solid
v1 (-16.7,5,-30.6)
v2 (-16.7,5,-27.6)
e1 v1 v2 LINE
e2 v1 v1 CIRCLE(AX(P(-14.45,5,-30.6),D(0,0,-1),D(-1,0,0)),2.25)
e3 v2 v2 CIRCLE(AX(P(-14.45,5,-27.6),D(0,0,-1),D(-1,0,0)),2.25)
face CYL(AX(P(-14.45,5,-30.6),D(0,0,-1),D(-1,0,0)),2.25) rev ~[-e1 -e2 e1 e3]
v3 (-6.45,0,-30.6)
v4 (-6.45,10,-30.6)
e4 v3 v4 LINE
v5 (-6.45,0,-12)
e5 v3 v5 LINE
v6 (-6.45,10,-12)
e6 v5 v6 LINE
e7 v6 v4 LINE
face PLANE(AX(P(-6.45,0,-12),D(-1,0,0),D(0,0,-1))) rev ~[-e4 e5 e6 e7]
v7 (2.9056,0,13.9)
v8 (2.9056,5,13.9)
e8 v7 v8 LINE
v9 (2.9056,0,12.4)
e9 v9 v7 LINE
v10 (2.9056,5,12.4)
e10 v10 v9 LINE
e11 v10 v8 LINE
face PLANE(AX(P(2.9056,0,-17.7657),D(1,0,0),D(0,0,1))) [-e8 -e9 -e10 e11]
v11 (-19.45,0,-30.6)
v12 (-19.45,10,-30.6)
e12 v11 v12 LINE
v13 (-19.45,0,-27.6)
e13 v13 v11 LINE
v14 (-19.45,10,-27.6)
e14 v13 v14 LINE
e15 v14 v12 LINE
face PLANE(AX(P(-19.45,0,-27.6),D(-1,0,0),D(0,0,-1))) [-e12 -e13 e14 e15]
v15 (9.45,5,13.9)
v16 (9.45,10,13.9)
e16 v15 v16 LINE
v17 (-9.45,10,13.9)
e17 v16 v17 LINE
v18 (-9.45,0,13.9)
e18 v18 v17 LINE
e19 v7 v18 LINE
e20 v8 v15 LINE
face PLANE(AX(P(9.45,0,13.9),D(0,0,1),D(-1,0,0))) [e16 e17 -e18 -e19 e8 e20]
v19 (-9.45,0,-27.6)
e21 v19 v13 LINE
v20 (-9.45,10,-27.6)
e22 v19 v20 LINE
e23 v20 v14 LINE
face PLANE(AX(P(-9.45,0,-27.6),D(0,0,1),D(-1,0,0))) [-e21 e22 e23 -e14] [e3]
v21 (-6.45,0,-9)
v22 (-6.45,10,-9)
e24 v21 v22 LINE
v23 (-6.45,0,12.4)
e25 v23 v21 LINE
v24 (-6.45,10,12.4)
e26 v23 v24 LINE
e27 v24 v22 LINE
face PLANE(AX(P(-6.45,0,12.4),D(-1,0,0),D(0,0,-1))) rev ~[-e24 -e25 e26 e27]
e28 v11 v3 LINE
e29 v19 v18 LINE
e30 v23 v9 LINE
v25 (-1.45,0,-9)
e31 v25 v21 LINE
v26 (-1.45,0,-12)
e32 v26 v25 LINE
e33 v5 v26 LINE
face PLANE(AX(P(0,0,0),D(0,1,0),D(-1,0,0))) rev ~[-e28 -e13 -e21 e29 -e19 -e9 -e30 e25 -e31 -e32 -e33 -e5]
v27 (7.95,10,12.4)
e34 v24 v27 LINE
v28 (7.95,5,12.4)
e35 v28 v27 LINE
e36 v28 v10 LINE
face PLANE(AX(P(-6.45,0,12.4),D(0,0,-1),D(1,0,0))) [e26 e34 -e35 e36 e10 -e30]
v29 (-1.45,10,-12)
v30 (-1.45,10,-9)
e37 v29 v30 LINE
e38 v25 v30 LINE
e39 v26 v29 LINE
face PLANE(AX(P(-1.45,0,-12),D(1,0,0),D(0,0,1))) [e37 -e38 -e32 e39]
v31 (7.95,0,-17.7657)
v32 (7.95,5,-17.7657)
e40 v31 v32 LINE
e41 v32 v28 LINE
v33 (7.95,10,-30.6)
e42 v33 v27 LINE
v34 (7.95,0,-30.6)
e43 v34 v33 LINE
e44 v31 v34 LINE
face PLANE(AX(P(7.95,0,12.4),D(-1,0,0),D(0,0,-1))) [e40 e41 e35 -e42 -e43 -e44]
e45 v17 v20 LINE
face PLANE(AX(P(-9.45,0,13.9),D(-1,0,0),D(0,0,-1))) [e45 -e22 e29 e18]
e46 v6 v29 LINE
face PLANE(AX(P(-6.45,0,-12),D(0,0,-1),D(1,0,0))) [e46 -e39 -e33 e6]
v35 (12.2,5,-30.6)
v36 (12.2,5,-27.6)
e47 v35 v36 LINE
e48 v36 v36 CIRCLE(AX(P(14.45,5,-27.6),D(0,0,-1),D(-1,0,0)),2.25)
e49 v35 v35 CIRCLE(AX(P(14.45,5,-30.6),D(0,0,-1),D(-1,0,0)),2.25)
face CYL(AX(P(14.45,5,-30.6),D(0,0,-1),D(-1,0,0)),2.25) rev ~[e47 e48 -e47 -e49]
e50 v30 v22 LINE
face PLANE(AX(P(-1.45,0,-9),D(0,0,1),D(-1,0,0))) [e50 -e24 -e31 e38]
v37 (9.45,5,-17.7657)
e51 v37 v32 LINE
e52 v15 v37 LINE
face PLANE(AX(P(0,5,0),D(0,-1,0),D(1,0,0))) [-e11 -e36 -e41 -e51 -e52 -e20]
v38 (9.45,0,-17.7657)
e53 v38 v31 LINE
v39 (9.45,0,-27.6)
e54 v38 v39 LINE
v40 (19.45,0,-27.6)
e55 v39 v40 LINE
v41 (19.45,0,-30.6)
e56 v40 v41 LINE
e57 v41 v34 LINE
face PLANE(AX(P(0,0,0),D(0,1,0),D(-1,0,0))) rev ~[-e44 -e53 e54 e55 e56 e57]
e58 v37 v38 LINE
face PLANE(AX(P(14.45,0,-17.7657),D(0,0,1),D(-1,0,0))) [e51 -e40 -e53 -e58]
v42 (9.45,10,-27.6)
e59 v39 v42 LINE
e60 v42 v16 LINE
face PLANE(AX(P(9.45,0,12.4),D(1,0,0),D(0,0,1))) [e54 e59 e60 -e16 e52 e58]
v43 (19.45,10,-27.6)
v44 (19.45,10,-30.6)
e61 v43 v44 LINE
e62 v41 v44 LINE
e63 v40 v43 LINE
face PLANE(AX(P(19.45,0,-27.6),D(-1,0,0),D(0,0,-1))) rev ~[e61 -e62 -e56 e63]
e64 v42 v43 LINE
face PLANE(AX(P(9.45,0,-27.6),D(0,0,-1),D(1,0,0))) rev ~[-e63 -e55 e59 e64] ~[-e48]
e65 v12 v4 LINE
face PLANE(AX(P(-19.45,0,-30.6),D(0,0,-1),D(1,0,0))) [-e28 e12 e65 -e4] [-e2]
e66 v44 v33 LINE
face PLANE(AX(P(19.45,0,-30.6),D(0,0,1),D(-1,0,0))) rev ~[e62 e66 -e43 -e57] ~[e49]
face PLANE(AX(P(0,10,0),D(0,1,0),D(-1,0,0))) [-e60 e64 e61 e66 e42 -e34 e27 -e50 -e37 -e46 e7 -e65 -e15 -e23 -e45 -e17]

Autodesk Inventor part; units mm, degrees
ref_plane "YZ Plane" through (0, 0, 0) normal (1, 0, 0) x (0, 1, 0)
ref_plane "XZ Plane" through (0, 0, 0) normal (0, 1, 0) x (-1, 0, 0)
ref_plane "XY Plane" through (0, 0, 0) normal (0, 0, 1) x (1, 0, 0)
sketch "Sketch1" plane through (0, 0, 0) normal (0, 1, 0) x (-1, 0, 0)
  line L0 (-9.45, 13.9) -> (9.45, 13.9)
  line L1 (9.45, 13.9) -> (9.45, 12.4)
  line L2 (9.45, 12.4) -> (-9.45, 12.4)
  line L3 (-9.45, 12.4) -> (-9.45, 13.9)
  line L4 (9.45, 12.4) -> (6.45, 12.4)
  line L5 (6.45, 12.4) -> (6.45, -9)
  line L6 (6.45, -9) -> (9.45, -9)
  line L7 (9.45, -9) -> (9.45, 12.4)
  line L8 (-9.45, 12.4) -> (-7.95, 12.4)
  line L9 (-7.95, 12.4) -> (-7.95, -9)
  line L10 (-7.95, -9) -> (-9.45, -9)
  line L11 (-9.45, -9) -> (-9.45, 12.4)
  line L12 (-7.95, -7.6) -> (-9.45, -7.6)
  line L13 (-9.45, -7.6) -> (-9.45, -10.6)
  line L14 (-9.45, -10.6) -> (-7.95, -10.6)
  line L15 (-7.95, -10.6) -> (-7.95, -7.6)
  line L16 (1.45, -9) -> (9.45, -9)
  line L17 (9.45, -9) -> (9.45, -12)
  line L18 (9.45, -12) -> (1.45, -12)
  line L19 (1.45, -12) -> (1.45, -9)
  line L20 (-9.45, -10.6) -> (-7.95, -10.6)
  line L21 (-7.95, -10.6) -> (-7.95, -27.6)
  line L22 (-7.95, -27.6) -> (-9.45, -27.6)
  line L23 (-9.45, -27.6) -> (-9.45, -10.6)
  line L24 (9.45, -12) -> (6.45, -12)
  line L25 (6.45, -12) -> (6.45, -27.6)
  line L26 (6.45, -27.6) -> (9.45, -27.6)
  line L27 (9.45, -27.6) -> (9.45, -12)
  line L28 (-7.95, -27.6) -> (-19.45, -27.6)
  line L29 (-19.45, -27.6) -> (-19.45, -30.6)
  line L30 (-19.45, -30.6) -> (-7.95, -30.6)
  line L31 (-7.95, -30.6) -> (-7.95, -27.6)
  line L32 (6.45, -27.6) -> (19.45, -27.6)
  line L33 (19.45, -27.6) -> (19.45, -30.6)
  line L34 (19.45, -30.6) -> (6.45, -30.6)
  line L35 (6.45, -30.6) -> (6.45, -27.6)
  line L36 (-14.45, -26) -> (-14.45, -42) construction
  line L37 (14.45, -27) -> (14.45, -42) construction
  point P0 (0, 0)
  point P1 (0, 12.4)
  dimension "d0" = 1.5
  dimension "d1" = 3
  dimension "d2" = 1.5
  dimension "d3" = 3
  dimension "d4" = 3
  dimension "d5" = 0
  dimension "d6" = 5
  dimension "d7" = 14.4
  dimension "d8" = 21.4
  dimension "d9" = 20
  dimension "d12" = 0
  dimension "d13" = 0
  dimension "d20" = 17
  dimension "d21" = 10
  dimension "d22" = 1.5
  dimension "d23" = 3
  dimension "d24" = 10
  dimension "d25" = 3
  dimension "d26" = 3
  dimension "d33" = 5
  dimension "d34" = 5
  dimension "d35" = 28.9
extrude "Extrusion1" add sketch "Sketch1" along normal blind 10
sketch "Sketch6" plane through (19.45, 0, -30.6) normal (0, 0, -1) x (-1, 0, 0)
  line L0 (0, 10) -> (11.5, 10) projected
  line L1 (0, 0) -> (10, 0)
  line L2 (10, 0) -> (10, 10)
  line L3 (10, 10) -> (0, 10)
  line L4 (0, 10) -> (0, 0)
  circle A0 centre (5, 5) radius 2.25
  point P0 (19.45, 0)
  dimension "d27" = 4.5
sketch "Sketch7" plane through (-6.45, 0, -30.6) normal (0, 0, -1) x (-1, 0, 0)
  line L0 (0, 10) -> (13, 10) projected
  line L1 (13, 0) -> (3, 0)
  line L2 (3, 0) -> (3, 10)
  line L3 (3, 10) -> (13, 10)
  line L4 (13, 10) -> (13, 0)
  circle A0 centre (8, 5) radius 2.25
  point P0 (-6.45, 0)
  dimension "d28" = 4.5
extrude "Extrusion4" cut sketch "Sketch6" against normal blind 4 contours A0
extrude "Extrusion5" cut sketch "Sketch7" against normal blind 4 contours A0
sketch "Sketch8" plane through (0, 0, 0) normal (0, -1, 0) x (1, 0, 0)
  line L0 (2.9056, 16.2719) -> (14.45, 16.2719)
  line L1 (14.45, 16.2719) -> (14.45, -17.7657)
  line L2 (14.45, -17.7657) -> (2.9056, -17.7657)
  line L3 (2.9056, -17.7657) -> (2.9056, 16.2719)
  point P0 (0, 0)
extrude "Extrusion6" cut sketch "Sketch8" against normal blind 5
equation "\"sp\" = 0.4"
properties part number "MotorMount"
